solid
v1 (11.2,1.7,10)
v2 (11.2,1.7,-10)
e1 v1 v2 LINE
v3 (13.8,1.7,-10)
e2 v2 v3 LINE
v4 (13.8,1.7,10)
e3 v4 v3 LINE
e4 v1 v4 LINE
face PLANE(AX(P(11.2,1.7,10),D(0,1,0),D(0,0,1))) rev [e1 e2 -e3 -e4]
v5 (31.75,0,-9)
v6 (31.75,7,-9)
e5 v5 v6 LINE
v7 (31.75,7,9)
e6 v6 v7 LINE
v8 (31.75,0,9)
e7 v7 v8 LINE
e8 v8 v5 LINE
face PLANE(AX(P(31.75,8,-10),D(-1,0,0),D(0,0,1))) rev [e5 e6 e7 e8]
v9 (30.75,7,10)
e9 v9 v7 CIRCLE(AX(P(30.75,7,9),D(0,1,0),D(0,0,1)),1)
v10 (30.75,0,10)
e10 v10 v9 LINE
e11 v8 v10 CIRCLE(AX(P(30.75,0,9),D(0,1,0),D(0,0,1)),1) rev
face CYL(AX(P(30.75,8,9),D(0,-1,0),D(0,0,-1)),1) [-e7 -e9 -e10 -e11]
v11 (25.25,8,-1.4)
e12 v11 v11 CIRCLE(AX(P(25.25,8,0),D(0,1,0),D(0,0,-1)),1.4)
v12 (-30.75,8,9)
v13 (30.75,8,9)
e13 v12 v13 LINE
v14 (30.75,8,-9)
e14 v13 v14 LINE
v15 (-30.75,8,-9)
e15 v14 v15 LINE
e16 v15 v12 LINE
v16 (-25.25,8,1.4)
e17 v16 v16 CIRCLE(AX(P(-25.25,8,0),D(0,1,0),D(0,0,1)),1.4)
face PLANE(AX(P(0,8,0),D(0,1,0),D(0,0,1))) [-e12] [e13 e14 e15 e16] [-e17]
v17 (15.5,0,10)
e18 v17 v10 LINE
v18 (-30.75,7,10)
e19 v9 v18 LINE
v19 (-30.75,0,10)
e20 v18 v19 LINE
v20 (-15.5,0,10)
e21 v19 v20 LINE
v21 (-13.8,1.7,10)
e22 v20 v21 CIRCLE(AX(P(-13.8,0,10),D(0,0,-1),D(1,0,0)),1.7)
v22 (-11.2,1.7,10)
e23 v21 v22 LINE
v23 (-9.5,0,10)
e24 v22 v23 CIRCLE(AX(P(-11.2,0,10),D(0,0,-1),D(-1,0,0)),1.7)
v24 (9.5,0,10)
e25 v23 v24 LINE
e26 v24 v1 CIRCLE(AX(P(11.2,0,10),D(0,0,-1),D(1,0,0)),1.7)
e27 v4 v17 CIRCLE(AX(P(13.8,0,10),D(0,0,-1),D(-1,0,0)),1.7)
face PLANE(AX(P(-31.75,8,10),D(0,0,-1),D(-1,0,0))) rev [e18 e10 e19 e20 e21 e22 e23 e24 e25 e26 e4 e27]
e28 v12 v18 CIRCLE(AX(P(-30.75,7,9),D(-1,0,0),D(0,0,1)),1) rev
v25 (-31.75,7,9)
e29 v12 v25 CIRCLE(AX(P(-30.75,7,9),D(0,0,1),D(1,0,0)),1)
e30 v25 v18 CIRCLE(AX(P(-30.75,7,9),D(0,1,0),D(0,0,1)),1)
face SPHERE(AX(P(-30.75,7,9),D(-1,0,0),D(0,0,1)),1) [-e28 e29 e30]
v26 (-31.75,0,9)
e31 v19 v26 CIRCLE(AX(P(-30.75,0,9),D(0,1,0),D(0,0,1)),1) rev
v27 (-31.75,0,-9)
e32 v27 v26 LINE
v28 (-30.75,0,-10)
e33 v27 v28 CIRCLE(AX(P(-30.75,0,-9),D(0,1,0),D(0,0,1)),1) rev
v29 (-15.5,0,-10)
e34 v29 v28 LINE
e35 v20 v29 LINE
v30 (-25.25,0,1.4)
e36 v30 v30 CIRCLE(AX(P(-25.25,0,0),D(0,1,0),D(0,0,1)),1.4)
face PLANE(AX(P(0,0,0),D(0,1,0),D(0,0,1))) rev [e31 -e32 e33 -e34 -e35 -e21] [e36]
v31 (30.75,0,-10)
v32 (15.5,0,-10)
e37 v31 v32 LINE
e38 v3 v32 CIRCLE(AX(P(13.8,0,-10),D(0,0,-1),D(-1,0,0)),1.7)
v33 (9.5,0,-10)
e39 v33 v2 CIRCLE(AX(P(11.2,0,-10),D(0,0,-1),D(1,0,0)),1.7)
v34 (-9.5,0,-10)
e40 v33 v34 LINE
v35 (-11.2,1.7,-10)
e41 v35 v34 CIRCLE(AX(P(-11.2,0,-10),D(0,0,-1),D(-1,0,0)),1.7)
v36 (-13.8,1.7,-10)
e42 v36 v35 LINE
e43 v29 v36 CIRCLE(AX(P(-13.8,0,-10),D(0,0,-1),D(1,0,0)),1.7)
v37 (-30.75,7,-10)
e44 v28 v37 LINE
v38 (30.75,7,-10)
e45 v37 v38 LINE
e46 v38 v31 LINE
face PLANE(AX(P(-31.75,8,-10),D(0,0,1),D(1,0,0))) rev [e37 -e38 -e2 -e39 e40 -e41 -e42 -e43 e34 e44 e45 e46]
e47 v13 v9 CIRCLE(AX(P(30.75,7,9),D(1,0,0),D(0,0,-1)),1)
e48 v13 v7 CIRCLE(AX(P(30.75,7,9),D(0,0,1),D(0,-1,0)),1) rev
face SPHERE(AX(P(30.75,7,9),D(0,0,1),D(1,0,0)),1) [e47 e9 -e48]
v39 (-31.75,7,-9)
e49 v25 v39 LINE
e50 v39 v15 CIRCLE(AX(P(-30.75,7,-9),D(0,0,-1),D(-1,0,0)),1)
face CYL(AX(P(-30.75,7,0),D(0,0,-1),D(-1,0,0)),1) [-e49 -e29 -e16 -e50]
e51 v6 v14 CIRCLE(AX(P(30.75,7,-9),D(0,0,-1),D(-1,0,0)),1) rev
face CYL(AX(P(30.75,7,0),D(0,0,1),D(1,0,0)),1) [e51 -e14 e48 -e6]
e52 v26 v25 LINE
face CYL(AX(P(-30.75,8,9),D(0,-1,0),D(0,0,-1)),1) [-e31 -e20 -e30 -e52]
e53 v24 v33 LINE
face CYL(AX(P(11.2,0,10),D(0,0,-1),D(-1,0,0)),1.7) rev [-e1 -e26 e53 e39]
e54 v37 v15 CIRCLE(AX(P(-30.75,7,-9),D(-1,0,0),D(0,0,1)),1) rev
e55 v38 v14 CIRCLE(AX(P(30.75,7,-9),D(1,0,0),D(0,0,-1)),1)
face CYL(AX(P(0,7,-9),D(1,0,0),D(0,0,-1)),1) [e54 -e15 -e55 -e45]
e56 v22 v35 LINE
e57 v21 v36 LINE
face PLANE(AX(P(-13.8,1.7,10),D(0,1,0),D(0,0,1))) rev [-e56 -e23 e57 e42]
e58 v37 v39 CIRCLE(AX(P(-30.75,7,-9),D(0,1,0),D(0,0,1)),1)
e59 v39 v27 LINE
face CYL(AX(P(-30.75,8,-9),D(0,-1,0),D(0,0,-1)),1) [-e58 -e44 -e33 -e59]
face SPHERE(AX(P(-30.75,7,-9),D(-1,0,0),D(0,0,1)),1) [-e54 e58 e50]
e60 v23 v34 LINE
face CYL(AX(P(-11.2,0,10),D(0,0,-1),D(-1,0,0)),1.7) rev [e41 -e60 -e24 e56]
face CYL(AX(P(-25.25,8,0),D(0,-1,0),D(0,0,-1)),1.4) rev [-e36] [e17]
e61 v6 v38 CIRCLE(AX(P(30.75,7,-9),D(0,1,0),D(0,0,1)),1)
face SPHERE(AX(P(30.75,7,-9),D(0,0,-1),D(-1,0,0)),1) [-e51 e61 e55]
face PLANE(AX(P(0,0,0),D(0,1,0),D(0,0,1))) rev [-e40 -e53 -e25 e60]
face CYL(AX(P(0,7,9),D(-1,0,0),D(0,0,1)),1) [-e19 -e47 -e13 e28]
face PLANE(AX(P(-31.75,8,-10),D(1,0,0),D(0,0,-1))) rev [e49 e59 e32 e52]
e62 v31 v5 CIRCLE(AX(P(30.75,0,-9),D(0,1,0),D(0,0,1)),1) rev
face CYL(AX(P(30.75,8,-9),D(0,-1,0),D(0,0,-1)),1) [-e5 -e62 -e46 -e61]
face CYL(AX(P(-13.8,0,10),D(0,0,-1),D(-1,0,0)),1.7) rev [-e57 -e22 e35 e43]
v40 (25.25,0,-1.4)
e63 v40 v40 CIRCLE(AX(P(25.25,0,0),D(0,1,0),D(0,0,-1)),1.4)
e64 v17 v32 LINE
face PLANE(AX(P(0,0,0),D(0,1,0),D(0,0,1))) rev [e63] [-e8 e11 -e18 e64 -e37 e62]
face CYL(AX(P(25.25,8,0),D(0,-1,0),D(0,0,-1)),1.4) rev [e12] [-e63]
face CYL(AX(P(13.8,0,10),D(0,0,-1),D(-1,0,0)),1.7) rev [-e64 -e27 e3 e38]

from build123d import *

# Parameters (mm, degrees)
SKETCH1_W            = 63.5
SKETCH1_H            = 20
SKETCH1_R            = 1.4
BASE_DEPTH           = 8
WIRE_GROOVES_DEPTH   = 39.833780398
F_1MM_EDGE_FILLETS_R = 1


with BuildPart() as part:
    # Sketch1 → Base (new body)
    with BuildSketch(Plane(origin=(0, 0, 0), x_dir=(1, 0, 0), z_dir=(0, 1, 0))):
        Rectangle(SKETCH1_W, SKETCH1_H)
        with Locations((-25.25, 0)):
            Circle(SKETCH1_R, mode=Mode.SUBTRACT)
        with Locations((25.25, 0)):
            Circle(SKETCH1_R, mode=Mode.SUBTRACT)
    extrude(amount=BASE_DEPTH)

    # Sketch2 → Wire Grooves (cut, through all)
    with BuildSketch(Plane(origin=(0, 10, -10), x_dir=(1, 0, 0), z_dir=(0, 0, -1))):
        with BuildLine():
            Line((-15.5, 10), (-9.5, 10))
            ThreePointArc((-9.5, 10), (-9.997918472, 8.797918472), (-11.2, 8.3))
            Line((-11.2, 8.3), (-13.8, 8.3))
            ThreePointArc((-13.8, 8.3), (-15.002081528, 8.797918472), (-15.5, 10))
        make_face()
        with BuildLine():
            Line((9.5, 10), (15.5, 10))
            ThreePointArc((15.5, 10), (15.002081528, 8.797918472), (13.8, 8.3))
            Line((13.8, 8.3), (11.2, 8.3))
            ThreePointArc((11.2, 8.3), (9.997918472, 8.797918472), (9.5, 10))
        make_face()
    extrude(amount=-WIRE_GROOVES_DEPTH, mode=Mode.SUBTRACT)

    # 1mm Edge Fillets
    f_1mm_edge_fillets_edges = [part.edges().sort_by_distance(p)[0] for p in [
        (-31.75, 4, -10),
        (0, 8, -10),
        (31.75, 4, -10),
        (31.75, 4, 10),
        (31.75, 8, 0),
        (-31.75, 8, 0),
        (0, 8, 10),
        (-31.75, 4, 10),
    ]]
    fillet(f_1mm_edge_fillets_edges, radius=F_1MM_EDGE_FILLETS_R)


solid = part.part
